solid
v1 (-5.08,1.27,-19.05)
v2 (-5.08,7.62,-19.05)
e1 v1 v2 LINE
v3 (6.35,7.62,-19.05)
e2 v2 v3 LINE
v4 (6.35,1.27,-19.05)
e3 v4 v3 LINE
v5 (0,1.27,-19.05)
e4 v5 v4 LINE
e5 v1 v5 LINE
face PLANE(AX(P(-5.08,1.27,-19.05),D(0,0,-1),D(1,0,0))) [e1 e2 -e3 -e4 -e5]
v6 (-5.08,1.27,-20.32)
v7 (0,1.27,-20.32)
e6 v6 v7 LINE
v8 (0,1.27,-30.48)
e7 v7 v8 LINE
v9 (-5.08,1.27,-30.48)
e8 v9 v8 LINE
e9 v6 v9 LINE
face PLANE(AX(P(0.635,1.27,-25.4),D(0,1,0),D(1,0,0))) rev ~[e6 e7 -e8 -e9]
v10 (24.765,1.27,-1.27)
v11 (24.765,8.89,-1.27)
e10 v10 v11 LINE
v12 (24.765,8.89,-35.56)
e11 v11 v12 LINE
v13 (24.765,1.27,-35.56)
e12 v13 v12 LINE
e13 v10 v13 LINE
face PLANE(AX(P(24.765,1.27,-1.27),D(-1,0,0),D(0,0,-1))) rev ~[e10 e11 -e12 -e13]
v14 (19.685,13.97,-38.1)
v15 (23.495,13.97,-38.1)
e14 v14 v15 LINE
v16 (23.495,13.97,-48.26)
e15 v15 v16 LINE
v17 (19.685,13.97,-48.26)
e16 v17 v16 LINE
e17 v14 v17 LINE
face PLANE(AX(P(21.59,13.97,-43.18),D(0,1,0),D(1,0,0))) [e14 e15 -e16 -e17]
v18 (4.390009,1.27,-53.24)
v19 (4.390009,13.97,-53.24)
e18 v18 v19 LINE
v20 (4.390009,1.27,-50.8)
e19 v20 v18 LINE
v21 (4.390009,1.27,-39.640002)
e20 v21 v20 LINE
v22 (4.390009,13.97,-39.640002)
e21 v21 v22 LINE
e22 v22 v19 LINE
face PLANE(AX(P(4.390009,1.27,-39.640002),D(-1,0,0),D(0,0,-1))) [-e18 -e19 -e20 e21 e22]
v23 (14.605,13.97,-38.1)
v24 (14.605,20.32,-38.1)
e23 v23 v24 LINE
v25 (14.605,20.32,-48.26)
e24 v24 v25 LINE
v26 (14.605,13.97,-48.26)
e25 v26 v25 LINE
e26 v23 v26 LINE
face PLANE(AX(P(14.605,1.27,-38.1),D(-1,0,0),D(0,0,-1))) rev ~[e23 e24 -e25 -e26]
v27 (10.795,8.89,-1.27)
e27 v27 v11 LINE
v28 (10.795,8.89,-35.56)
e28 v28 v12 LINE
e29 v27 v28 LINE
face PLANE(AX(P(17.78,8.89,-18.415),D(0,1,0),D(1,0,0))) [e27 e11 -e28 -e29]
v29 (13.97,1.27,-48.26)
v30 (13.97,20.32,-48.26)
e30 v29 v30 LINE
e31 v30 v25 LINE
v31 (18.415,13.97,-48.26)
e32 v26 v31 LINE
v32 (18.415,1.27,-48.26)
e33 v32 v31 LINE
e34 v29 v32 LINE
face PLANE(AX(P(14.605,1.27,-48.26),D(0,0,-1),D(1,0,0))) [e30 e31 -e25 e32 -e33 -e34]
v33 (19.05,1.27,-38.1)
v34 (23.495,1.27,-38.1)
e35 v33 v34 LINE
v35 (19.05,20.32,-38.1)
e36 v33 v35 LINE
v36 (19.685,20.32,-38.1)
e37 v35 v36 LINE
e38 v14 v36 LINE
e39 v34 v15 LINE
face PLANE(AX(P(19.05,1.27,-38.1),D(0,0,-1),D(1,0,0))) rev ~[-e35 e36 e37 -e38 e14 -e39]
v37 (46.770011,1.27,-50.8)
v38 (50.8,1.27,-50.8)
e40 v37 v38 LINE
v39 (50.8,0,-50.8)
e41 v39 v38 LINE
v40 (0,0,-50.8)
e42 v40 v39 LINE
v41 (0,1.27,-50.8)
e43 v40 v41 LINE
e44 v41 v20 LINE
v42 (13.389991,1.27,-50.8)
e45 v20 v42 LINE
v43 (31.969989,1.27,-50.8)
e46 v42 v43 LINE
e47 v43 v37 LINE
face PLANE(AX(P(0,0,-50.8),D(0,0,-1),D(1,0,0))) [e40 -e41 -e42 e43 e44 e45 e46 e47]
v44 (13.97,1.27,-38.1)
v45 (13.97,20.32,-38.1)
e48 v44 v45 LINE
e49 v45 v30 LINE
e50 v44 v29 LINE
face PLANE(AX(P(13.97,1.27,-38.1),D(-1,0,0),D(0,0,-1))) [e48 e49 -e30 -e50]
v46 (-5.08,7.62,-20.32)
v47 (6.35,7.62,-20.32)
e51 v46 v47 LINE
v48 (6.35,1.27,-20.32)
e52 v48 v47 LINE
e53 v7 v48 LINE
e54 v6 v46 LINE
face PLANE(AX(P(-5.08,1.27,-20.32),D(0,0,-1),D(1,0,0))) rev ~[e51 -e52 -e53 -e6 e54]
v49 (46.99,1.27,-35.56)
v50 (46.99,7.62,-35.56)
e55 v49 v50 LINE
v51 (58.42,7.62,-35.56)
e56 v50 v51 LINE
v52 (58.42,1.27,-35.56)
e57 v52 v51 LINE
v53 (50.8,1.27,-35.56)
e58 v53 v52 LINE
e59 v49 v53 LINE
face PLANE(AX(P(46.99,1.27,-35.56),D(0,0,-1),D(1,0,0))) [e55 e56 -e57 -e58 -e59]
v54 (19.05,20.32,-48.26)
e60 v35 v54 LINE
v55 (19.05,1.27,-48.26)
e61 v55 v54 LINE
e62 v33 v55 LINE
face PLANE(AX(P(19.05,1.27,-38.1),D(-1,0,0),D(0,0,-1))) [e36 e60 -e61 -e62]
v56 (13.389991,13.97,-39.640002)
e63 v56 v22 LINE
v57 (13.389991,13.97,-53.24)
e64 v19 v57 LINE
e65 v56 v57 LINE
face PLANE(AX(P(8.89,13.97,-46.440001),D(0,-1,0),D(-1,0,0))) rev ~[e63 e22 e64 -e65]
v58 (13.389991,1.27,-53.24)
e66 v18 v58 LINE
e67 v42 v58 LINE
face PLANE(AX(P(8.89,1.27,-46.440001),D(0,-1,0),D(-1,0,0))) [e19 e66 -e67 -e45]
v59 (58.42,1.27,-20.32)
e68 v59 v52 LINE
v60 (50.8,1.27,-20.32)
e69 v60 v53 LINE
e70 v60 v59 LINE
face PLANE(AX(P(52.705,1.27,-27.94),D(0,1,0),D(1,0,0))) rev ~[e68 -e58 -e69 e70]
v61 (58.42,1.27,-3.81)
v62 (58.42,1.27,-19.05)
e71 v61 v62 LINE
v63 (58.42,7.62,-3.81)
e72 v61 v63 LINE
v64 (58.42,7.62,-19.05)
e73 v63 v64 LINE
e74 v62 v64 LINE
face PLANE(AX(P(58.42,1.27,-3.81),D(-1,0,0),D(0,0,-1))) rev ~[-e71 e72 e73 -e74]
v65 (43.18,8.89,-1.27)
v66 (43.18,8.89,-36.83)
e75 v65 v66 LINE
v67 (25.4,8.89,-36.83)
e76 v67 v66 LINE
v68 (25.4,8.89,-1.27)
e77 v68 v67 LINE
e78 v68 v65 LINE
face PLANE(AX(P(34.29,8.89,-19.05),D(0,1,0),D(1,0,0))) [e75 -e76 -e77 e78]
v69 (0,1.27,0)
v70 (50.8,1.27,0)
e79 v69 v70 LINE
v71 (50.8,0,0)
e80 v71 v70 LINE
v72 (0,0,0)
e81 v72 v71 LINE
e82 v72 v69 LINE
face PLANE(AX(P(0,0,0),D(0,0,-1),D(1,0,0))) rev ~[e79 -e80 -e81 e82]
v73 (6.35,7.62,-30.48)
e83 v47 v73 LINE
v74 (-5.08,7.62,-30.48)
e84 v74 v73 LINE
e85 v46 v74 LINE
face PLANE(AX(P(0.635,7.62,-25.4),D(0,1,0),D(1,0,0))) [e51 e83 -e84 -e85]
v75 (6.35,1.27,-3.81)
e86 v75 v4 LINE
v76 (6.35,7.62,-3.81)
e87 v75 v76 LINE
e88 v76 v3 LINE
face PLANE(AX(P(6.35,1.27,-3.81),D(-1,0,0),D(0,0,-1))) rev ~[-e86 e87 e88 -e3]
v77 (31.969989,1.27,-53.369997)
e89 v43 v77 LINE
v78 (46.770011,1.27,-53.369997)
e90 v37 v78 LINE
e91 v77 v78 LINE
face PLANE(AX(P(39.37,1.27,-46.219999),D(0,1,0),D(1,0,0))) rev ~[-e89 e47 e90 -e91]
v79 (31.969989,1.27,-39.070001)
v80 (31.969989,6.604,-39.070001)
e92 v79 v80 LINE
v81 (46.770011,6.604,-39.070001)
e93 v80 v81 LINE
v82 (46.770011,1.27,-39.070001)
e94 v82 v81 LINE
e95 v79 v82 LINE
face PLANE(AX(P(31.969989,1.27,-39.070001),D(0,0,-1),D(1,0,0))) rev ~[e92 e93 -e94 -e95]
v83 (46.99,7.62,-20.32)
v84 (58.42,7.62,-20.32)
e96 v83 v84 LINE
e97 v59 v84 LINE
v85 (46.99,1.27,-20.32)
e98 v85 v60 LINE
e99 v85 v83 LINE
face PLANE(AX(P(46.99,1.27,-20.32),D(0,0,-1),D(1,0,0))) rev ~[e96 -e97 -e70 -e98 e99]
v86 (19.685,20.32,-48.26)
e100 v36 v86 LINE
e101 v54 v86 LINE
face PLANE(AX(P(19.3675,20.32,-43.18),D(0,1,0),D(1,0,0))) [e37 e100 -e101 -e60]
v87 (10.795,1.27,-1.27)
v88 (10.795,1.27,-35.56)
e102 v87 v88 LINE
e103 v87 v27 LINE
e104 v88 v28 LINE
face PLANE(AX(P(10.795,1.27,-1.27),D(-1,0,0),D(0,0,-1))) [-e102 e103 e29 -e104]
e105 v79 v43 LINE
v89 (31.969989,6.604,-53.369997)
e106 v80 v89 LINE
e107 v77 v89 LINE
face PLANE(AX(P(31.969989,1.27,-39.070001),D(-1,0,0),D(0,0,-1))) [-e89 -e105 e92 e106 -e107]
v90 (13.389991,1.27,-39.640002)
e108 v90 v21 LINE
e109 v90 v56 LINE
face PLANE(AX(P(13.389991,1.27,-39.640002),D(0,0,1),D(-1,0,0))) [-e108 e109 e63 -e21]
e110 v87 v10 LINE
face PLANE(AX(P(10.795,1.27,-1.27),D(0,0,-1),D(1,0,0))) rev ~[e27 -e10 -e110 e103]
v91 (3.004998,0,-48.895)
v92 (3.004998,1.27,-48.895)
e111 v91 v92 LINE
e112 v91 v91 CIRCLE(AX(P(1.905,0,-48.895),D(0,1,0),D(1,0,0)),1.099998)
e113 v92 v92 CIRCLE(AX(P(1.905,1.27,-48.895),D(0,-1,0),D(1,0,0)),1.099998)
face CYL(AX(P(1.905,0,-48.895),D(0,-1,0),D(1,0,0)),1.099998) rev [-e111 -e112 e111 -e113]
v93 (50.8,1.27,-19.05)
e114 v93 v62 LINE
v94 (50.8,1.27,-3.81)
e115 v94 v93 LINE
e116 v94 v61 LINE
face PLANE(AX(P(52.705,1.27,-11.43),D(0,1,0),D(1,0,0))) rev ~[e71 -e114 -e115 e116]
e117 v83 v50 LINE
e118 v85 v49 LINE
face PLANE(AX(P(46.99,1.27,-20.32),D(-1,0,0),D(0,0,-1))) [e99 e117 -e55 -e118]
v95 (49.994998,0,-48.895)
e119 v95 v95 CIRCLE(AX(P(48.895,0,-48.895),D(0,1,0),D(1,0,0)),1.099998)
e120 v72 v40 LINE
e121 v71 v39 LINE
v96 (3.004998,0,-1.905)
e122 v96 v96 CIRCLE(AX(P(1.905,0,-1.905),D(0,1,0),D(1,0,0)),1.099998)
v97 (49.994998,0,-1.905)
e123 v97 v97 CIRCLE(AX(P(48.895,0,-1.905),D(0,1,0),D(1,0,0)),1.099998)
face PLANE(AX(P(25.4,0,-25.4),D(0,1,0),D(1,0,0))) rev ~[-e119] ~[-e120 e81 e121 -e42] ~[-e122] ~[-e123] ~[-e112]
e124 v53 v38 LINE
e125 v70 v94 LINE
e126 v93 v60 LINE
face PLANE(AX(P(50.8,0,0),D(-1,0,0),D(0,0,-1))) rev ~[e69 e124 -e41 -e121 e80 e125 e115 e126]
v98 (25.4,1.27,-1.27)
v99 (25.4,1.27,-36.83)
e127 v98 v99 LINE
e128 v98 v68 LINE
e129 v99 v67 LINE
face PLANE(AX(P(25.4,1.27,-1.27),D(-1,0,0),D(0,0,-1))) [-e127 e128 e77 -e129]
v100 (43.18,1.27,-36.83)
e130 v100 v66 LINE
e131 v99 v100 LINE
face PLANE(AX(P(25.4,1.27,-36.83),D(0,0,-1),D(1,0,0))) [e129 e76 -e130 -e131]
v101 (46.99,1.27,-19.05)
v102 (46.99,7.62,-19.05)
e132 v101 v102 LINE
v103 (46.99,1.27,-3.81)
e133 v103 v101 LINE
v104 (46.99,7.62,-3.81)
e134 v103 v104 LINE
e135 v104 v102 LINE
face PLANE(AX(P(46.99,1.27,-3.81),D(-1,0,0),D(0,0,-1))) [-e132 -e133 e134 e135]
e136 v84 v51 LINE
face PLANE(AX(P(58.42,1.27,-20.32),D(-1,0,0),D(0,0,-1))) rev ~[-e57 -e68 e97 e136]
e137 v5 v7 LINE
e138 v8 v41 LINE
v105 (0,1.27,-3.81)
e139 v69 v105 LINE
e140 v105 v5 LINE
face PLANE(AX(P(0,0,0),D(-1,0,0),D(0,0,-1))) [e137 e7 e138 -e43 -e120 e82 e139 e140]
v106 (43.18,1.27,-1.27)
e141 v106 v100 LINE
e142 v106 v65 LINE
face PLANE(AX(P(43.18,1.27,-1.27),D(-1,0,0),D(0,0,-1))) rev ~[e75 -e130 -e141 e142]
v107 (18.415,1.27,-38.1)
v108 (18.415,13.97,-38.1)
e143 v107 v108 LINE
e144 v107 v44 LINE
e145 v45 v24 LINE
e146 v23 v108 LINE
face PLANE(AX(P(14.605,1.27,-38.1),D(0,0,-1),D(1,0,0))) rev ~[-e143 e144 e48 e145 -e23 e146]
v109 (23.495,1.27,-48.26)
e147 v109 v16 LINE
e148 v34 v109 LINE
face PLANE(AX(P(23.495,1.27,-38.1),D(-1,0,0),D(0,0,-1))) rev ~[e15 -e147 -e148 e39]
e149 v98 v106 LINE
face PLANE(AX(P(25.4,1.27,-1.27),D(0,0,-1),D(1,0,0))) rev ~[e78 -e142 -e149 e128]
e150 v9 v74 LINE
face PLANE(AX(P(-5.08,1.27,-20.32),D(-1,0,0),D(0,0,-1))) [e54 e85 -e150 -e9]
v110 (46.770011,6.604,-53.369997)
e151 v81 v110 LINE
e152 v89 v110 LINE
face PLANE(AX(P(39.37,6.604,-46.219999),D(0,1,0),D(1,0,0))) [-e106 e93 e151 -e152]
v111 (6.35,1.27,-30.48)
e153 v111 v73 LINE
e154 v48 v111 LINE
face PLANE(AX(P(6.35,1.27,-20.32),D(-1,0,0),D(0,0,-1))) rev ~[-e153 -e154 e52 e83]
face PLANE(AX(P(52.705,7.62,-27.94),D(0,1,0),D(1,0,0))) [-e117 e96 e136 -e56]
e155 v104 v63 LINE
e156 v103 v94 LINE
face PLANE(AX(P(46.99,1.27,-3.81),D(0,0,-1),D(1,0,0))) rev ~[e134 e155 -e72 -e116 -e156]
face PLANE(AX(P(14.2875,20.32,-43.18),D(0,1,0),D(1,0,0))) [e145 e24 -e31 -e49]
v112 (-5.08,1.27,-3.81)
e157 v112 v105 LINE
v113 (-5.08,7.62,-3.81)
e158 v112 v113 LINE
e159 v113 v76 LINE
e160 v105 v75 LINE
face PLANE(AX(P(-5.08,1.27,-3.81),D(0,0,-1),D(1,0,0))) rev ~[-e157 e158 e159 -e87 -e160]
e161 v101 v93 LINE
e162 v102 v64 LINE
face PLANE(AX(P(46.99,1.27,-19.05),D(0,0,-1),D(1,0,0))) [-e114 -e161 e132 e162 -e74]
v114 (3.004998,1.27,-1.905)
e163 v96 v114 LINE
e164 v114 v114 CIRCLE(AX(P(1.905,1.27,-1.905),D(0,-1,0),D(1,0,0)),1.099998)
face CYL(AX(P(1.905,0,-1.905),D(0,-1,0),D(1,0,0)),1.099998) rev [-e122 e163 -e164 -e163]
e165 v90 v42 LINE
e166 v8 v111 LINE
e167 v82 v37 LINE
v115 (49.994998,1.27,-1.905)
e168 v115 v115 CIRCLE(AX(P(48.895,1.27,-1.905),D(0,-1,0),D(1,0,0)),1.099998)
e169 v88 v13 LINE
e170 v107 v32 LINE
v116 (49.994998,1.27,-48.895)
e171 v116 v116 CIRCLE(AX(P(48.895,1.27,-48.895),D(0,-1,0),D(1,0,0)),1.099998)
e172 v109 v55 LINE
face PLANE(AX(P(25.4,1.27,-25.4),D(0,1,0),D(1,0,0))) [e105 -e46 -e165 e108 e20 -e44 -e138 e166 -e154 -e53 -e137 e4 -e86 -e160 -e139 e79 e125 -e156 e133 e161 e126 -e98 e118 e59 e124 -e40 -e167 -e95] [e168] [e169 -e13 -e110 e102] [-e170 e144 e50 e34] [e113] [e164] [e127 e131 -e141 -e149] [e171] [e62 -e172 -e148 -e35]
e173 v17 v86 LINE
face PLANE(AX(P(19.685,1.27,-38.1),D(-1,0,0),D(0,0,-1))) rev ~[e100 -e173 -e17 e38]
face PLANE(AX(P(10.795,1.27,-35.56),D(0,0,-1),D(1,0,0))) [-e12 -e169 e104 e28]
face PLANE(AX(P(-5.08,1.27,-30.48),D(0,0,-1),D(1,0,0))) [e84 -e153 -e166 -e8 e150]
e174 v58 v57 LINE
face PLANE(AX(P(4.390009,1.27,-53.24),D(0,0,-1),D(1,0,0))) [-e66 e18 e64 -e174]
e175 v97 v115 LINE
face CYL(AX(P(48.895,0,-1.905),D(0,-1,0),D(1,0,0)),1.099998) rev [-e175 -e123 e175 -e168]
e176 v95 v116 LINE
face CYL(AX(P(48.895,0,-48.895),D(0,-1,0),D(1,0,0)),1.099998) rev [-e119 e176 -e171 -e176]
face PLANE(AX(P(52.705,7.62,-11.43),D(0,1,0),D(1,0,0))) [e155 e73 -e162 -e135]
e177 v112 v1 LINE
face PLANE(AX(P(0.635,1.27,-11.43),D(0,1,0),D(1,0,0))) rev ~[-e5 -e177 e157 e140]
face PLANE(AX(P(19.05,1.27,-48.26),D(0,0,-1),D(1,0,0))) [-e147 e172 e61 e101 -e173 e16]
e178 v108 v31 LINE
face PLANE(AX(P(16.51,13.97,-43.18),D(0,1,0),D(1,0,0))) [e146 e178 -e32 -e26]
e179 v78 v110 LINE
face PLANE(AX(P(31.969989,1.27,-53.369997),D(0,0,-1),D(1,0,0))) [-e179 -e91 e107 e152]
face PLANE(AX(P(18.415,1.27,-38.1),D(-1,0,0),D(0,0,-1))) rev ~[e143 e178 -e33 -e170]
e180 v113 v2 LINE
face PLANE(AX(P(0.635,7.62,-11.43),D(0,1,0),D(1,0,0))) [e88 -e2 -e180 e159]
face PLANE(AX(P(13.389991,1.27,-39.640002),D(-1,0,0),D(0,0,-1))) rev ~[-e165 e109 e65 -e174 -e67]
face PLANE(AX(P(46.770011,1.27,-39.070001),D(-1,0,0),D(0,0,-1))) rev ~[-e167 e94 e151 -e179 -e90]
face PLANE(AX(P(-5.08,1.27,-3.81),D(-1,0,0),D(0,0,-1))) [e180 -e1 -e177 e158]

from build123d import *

# Parameters (mm, degrees)
SKETCH3_W           = 50.8
SKETCH3_H           = 50.8
BOSS_EXTRUDE1_DEPTH = 1.27
CUT_EXTRUDE1_REACH  = 3.27
SKETCH4_R           = 1.0999978
SKETCH5_W           = 17.78
SKETCH5_H           = 35.56
SKETCH5_W_2         = 13.97
SKETCH5_H_2         = 34.29
BOSS_EXTRUDE2_DEPTH = 7.62
SKETCH6_W           = 14.8000212
SKETCH6_H           = 14.2999968
BOSS_EXTRUDE3_DEPTH = 5.334
BOSS_EXTRUDE4_DEPTH = 12.7
SKETCH8_W           = 11.43
SKETCH8_H           = 15.24
SKETCH8_H_2         = 10.16
BOSS_EXTRUDE5_DEPTH = 6.35
SKETCH9_W           = 3.81
SKETCH9_H           = 10.16
BOSS_EXTRUDE6_DEPTH = 12.7
SKETCH10_W          = 0.635
SKETCH10_H          = 10.16
BOSS_EXTRUDE7_DEPTH = 19.05


with BuildPart() as part:
    # Sketch3 → Boss-Extrude1 (new body)
    with BuildSketch(Plane(origin=(0, 0, 0), x_dir=(1, 0, 0), z_dir=(0, 1, 0))):
        with Locations((25.4, 25.4)):
            Rectangle(SKETCH3_W, SKETCH3_H)
    extrude(amount=BOSS_EXTRUDE1_DEPTH)

    # Sketch4 → Cut-Extrude1 (cut, up to next)
    with BuildSketch(Plane(origin=(0, 0, 0), x_dir=(1, 0, 0), z_dir=(0, 1, 0)), mode=Mode.PRIVATE) as cut_extrude1_sk1:
        with Locations((1.905, 48.895)):
            Circle(SKETCH4_R)
    cut_extrude1_tool1 = extrude(cut_extrude1_sk1.sketch, amount=CUT_EXTRUDE1_REACH, mode=Mode.PRIVATE) & part.part
    add(cut_extrude1_tool1.solids().sort_by_distance((1.905, 0, -48.895))[0], mode=Mode.SUBTRACT)
    # Sketch4 → Cut-Extrude1 (cut, up to next)
    with BuildSketch(Plane(origin=(0, 0, 0), x_dir=(1, 0, 0), z_dir=(0, 1, 0)), mode=Mode.PRIVATE) as cut_extrude1_sk2:
        with Locations((48.895, 48.895)):
            Circle(SKETCH4_R)
    cut_extrude1_tool2 = extrude(cut_extrude1_sk2.sketch, amount=CUT_EXTRUDE1_REACH, mode=Mode.PRIVATE) & part.part
    add(cut_extrude1_tool2.solids().sort_by_distance((48.895, 0, -48.895))[0], mode=Mode.SUBTRACT)
    # Sketch4 → Cut-Extrude1 (cut, up to next)
    with BuildSketch(Plane(origin=(0, 0, 0), x_dir=(1, 0, 0), z_dir=(0, 1, 0)), mode=Mode.PRIVATE) as cut_extrude1_sk3:
        with Locations((48.895, 1.905)):
            Circle(SKETCH4_R)
    cut_extrude1_tool3 = extrude(cut_extrude1_sk3.sketch, amount=CUT_EXTRUDE1_REACH, mode=Mode.PRIVATE) & part.part
    add(cut_extrude1_tool3.solids().sort_by_distance((48.895, 0, -1.905))[0], mode=Mode.SUBTRACT)
    # Sketch4 → Cut-Extrude1 (cut, up to next)
    with BuildSketch(Plane(origin=(0, 0, 0), x_dir=(1, 0, 0), z_dir=(0, 1, 0)), mode=Mode.PRIVATE) as cut_extrude1_sk4:
        with Locations((1.905, 1.905)):
            Circle(SKETCH4_R)
    cut_extrude1_tool4 = extrude(cut_extrude1_sk4.sketch, amount=CUT_EXTRUDE1_REACH, mode=Mode.PRIVATE) & part.part
    add(cut_extrude1_tool4.solids().sort_by_distance((1.905, 0, -1.905))[0], mode=Mode.SUBTRACT)

    # Sketch5 → Boss-Extrude2 (add)
    with BuildSketch(Plane(origin=(0, 1.27, 0), x_dir=(1, 0, 0), z_dir=(0, 1, 0))):
        with Locations((34.29, 19.05)):
            Rectangle(SKETCH5_W, SKETCH5_H)
        with Locations((17.78, 18.415)):
            Rectangle(SKETCH5_W_2, SKETCH5_H_2)
    extrude(amount=BOSS_EXTRUDE2_DEPTH)

    # Sketch6 → Boss-Extrude3 (add)
    with BuildSketch(Plane(origin=(0, 1.27, 0), x_dir=(1, 0, 0), z_dir=(0, 1, 0))):
        with Locations((39.37, 46.219999)):
            Rectangle(SKETCH6_W, SKETCH6_H)
    extrude(amount=BOSS_EXTRUDE3_DEPTH)

    # Sketch7 → Boss-Extrude4 (add)
    with BuildSketch(Plane(origin=(0, 1.27, 0), x_dir=(1, 0, 0), z_dir=(0, 1, 0))):
        Polygon((4.390009, 53.2400002), (13.389991, 53.2400002), (13.389991, 50.340006), (13.389991, 39.640002), (4.390009, 39.640002), align=None)
    extrude(amount=BOSS_EXTRUDE4_DEPTH)

    # Sketch8 → Boss-Extrude5 (add)
    with BuildSketch(Plane(origin=(0, 1.27, 0), x_dir=(1, 0, 0), z_dir=(0, 1, 0))):
        with Locations((0.635, 11.43)):
            Rectangle(SKETCH8_W, SKETCH8_H)
        with Locations((0.635, 25.4)):
            Rectangle(SKETCH8_W, SKETCH8_H_2)
        with Locations((52.705, 27.94)):
            Rectangle(SKETCH8_W, SKETCH8_H)
        with Locations((52.705, 11.43)):
            Rectangle(SKETCH8_W, SKETCH8_H)
    extrude(amount=BOSS_EXTRUDE5_DEPTH)

    # Sketch9 → Boss-Extrude6 (add)
    with BuildSketch(Plane(origin=(0, 1.27, 0), x_dir=(1, 0, 0), z_dir=(0, 1, 0))):
        with Locations((21.59, 43.18)):
            Rectangle(SKETCH9_W, SKETCH9_H)
        with Locations((16.51, 43.18)):
            Rectangle(SKETCH9_W, SKETCH9_H)
    extrude(amount=BOSS_EXTRUDE6_DEPTH)

    # Sketch10 → Boss-Extrude7 (add)
    with BuildSketch(Plane(origin=(0, 1.27, 0), x_dir=(1, 0, 0), z_dir=(0, 1, 0))):
        with Locations((19.3675, 43.18)):
            Rectangle(SKETCH10_W, SKETCH10_H)
        with Locations((14.2875, 43.18)):
            Rectangle(SKETCH10_W, SKETCH10_H)
    extrude(amount=BOSS_EXTRUDE7_DEPTH)


solid = part.part
